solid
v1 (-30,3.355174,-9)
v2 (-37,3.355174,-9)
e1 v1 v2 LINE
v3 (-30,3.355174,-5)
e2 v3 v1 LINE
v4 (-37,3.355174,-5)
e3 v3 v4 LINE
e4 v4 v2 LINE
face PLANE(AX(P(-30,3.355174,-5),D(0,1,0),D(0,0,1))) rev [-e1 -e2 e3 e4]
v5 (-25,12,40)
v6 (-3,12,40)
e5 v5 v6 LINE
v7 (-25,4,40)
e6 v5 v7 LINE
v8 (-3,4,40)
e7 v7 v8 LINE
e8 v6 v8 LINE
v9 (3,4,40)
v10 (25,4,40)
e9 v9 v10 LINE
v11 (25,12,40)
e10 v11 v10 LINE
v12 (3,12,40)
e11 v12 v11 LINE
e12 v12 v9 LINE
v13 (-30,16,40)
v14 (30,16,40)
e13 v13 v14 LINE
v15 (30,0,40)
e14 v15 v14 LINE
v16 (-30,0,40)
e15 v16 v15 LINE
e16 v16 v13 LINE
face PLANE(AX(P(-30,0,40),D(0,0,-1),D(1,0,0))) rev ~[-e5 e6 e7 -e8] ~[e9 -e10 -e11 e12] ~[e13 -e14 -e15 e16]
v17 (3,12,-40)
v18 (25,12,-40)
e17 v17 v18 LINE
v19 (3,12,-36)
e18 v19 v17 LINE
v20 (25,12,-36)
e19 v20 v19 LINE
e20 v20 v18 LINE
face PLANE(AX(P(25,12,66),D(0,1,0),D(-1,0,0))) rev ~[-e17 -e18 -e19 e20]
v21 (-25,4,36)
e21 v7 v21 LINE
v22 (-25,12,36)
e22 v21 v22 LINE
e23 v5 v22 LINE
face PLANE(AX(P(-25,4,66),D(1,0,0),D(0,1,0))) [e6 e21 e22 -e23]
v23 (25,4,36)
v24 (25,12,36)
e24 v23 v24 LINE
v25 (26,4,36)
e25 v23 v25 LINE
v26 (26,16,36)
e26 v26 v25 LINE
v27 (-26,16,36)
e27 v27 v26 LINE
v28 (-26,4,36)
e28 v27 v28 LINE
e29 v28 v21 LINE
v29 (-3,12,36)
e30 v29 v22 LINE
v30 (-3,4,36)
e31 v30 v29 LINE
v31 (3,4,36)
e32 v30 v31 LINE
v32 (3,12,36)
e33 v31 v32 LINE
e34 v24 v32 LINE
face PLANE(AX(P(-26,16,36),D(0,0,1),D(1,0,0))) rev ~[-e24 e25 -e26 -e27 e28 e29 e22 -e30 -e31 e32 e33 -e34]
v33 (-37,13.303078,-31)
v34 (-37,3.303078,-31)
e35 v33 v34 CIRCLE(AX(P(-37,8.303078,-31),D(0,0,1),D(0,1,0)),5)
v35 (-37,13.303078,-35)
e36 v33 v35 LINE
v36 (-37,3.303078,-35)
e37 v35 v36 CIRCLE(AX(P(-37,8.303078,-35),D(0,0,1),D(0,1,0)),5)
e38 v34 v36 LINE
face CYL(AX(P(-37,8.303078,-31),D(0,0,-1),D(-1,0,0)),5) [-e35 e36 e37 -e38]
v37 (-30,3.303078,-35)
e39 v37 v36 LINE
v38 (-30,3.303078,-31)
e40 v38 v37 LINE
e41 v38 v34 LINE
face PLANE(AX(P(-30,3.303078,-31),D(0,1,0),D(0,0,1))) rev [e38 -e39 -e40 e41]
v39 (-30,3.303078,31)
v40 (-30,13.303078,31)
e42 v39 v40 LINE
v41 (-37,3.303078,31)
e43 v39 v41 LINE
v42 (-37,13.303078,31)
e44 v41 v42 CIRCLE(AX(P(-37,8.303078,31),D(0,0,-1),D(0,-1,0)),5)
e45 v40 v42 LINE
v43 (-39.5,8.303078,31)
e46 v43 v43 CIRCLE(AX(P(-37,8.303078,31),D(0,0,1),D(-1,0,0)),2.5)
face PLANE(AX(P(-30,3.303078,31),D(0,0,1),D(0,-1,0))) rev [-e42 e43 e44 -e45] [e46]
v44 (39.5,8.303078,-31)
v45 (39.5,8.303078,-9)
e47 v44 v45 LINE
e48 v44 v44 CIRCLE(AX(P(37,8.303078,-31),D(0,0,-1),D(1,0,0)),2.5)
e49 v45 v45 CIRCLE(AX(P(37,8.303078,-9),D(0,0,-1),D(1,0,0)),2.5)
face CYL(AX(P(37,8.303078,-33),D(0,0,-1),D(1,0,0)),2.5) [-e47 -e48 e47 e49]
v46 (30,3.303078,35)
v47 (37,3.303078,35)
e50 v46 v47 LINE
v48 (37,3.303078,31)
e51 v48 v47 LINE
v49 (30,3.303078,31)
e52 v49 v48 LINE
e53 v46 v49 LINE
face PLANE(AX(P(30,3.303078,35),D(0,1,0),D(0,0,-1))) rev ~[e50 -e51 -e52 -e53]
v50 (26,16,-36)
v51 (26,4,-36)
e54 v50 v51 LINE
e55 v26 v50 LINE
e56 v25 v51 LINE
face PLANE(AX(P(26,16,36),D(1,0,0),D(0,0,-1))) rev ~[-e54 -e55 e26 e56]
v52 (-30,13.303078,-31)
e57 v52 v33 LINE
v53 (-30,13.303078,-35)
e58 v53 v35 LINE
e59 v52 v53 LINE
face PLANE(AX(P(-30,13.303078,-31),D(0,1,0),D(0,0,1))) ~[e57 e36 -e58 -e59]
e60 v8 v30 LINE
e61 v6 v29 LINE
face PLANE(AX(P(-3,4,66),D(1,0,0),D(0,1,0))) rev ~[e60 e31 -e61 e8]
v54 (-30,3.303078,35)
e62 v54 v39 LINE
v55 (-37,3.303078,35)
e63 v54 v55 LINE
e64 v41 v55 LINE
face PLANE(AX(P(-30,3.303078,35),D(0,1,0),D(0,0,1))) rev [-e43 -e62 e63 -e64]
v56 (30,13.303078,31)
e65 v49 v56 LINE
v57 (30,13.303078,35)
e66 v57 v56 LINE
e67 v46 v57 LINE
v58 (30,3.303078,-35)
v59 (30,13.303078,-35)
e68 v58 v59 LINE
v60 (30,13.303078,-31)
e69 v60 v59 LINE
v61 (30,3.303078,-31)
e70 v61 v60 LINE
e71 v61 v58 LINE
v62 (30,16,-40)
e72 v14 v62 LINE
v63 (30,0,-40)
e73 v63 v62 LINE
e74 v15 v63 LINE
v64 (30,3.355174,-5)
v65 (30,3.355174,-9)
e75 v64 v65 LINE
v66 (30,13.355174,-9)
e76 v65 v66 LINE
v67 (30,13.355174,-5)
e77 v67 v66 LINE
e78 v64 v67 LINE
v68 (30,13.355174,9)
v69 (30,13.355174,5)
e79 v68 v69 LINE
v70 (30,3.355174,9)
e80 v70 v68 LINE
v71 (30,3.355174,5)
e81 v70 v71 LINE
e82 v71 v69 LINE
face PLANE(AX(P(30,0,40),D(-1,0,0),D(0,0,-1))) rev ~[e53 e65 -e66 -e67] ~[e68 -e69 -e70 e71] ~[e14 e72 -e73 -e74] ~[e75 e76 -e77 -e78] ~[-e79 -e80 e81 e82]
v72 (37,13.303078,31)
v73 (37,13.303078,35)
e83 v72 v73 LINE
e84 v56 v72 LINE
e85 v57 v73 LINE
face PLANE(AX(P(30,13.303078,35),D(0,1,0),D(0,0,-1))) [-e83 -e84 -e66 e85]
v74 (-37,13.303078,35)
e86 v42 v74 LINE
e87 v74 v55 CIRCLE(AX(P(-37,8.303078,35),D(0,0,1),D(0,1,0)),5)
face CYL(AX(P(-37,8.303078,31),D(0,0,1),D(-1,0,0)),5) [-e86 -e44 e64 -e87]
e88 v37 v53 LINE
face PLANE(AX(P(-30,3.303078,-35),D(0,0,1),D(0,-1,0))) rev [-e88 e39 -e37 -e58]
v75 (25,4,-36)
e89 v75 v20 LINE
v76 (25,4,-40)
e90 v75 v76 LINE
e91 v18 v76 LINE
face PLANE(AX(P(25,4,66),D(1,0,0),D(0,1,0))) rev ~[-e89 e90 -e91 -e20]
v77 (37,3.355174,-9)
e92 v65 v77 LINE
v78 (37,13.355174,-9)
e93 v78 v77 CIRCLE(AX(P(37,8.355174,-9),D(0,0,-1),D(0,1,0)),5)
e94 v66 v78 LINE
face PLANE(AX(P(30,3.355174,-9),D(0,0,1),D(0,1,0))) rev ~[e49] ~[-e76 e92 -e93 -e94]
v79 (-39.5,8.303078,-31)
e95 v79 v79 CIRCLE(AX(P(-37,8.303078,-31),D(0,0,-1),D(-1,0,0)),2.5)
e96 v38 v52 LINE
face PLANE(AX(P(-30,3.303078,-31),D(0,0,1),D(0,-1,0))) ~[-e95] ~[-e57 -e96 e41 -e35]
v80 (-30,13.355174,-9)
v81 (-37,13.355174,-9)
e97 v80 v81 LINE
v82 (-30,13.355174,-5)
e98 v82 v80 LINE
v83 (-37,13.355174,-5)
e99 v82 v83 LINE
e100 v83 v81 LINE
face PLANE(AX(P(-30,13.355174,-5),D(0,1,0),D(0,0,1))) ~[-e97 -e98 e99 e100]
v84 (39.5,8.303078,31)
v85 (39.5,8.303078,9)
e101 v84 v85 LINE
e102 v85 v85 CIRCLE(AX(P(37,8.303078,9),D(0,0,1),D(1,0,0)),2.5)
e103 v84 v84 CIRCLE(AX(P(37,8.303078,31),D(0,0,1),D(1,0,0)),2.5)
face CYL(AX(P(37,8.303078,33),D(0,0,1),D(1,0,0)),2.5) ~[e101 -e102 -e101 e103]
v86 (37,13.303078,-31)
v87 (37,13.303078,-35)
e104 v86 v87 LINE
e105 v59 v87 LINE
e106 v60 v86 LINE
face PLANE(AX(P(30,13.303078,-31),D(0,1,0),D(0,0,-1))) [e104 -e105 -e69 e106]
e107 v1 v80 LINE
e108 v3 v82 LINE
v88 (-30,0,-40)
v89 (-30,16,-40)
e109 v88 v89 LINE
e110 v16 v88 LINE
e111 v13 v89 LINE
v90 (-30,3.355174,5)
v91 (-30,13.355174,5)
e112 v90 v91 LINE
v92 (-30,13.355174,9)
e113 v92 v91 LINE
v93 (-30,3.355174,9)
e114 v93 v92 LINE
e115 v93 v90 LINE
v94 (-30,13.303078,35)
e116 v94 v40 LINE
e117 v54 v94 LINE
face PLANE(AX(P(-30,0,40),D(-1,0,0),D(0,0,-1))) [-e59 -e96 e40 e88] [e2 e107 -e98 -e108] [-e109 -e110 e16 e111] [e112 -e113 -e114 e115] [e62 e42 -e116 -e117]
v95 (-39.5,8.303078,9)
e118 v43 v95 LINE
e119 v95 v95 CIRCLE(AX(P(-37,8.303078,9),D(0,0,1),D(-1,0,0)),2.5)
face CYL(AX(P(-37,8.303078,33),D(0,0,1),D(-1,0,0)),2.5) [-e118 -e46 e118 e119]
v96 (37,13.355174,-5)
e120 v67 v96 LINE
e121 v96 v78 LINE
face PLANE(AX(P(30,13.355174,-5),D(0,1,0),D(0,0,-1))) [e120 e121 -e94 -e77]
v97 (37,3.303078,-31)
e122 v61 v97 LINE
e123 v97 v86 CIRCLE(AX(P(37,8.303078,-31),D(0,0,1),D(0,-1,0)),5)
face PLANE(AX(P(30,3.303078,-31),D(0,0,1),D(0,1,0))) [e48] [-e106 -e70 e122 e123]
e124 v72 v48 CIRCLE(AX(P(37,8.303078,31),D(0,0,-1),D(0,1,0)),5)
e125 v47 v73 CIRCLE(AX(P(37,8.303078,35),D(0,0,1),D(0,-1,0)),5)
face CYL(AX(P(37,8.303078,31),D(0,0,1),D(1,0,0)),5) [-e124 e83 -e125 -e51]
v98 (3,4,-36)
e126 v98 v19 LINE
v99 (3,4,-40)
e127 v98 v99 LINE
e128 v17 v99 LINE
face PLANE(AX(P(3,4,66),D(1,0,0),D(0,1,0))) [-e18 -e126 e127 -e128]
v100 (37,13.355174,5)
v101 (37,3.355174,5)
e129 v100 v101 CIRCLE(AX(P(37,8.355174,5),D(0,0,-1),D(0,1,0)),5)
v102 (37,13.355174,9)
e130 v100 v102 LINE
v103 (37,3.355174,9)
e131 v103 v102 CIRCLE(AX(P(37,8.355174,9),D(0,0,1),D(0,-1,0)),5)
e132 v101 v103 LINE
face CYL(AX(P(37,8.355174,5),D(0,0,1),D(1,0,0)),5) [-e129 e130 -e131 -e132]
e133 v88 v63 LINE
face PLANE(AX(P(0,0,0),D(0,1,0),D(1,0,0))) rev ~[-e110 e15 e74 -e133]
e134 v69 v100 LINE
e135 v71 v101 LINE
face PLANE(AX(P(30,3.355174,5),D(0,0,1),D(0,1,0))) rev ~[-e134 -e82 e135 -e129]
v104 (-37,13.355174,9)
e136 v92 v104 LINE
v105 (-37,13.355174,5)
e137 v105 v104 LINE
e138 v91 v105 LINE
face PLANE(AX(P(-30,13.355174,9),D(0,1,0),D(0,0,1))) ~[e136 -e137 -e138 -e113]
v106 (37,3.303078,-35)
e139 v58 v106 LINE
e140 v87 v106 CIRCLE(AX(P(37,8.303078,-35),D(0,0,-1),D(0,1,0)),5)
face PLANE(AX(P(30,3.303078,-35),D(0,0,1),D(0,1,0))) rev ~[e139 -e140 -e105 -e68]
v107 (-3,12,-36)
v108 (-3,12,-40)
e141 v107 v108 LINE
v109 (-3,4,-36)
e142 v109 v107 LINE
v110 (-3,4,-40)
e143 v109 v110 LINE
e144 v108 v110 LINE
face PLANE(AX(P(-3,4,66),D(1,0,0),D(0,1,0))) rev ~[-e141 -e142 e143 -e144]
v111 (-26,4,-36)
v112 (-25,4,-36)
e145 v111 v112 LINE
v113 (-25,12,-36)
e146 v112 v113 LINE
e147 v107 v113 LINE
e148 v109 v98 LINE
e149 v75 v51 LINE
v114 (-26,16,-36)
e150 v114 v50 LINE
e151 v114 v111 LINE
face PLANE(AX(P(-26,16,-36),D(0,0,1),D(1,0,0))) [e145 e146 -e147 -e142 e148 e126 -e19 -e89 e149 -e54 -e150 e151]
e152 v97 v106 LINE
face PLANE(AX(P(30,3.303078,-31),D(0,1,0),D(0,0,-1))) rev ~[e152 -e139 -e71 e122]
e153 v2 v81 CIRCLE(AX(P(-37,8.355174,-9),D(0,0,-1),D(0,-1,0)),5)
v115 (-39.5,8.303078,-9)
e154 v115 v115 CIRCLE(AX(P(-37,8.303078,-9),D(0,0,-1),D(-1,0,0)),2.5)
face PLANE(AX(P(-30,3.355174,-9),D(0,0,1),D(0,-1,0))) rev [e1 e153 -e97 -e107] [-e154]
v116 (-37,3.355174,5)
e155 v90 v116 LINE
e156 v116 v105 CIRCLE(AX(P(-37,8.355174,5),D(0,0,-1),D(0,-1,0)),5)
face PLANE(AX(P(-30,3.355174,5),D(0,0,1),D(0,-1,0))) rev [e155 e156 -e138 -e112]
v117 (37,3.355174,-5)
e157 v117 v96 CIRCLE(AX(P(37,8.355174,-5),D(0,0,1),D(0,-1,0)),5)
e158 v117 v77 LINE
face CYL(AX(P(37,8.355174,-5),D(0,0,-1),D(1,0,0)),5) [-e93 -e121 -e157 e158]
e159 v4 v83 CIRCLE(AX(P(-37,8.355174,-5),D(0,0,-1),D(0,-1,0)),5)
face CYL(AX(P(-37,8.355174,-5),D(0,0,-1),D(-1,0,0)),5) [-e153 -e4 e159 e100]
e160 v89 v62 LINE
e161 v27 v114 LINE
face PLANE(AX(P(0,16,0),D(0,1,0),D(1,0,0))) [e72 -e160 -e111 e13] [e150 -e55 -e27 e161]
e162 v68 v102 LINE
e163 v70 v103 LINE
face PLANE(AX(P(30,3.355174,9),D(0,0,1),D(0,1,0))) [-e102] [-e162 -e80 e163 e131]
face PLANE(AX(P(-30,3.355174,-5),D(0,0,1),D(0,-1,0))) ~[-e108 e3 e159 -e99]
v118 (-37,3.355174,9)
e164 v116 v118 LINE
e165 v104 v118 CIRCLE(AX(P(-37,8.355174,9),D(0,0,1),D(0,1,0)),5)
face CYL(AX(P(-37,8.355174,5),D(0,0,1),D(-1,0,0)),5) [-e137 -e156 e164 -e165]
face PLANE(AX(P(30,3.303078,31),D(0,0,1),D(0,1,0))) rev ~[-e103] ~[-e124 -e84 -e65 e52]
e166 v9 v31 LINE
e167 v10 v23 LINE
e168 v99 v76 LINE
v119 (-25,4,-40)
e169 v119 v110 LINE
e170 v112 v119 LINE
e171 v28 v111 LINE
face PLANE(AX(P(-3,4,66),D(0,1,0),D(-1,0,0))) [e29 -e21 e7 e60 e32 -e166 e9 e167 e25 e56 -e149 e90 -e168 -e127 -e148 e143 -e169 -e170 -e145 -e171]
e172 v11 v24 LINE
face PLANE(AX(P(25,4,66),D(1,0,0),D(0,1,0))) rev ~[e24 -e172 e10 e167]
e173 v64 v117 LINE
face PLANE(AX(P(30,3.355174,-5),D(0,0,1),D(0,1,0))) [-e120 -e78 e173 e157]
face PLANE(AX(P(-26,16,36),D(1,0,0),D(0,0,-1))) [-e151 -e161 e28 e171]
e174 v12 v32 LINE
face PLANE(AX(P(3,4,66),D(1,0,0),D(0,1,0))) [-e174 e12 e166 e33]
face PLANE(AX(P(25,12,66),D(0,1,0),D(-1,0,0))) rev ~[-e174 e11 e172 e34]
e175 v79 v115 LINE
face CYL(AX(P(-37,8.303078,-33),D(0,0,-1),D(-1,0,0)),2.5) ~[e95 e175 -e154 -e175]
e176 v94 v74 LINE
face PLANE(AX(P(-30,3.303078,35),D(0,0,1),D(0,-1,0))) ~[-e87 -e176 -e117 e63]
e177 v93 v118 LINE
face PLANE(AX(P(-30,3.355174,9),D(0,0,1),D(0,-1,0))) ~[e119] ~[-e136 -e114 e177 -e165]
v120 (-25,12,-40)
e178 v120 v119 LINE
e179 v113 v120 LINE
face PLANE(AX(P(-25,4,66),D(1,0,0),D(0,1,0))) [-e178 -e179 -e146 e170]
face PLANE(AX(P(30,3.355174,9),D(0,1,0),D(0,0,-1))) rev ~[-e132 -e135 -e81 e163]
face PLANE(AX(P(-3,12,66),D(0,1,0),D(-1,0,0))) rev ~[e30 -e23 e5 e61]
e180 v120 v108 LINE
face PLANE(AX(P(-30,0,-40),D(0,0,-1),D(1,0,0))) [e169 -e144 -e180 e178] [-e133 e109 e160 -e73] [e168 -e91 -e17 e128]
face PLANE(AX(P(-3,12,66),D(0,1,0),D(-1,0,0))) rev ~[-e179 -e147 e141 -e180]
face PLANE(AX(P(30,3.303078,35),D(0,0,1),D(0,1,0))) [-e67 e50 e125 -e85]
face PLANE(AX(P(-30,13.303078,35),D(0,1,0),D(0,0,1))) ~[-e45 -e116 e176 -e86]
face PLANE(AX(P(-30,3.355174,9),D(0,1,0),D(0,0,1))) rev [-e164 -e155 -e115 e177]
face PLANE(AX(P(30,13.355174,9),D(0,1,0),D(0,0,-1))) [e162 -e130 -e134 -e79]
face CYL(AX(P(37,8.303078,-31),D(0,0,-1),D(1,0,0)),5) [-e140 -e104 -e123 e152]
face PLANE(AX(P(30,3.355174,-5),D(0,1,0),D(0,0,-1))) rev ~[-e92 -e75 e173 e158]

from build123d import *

# Parameters (mm, degrees)
SKETCH2_W                   = 60
SKETCH2_H                   = 80
BOSS_EXTRUDE2_DEPTH         = 16
SKETCH6_W                   = 52
SKETCH6_H                   = 72
CUT_EXTRUDE1_DEPTH          = 12
CUT_EXTRUDE2_DEPTH          = 16
CUT_EXTRUDE2_DEPTH_BACK     = 106
SKETCH7_W                   = 22
SKETCH7_H                   = 8
SKETCH8_W                   = 4
SKETCH8_H                   = 10
BOSS_EXTRUDE3_DEPTH         = 12
FILLET1_RADIUS              = 5
FILLET1_LENGTH              = 4
FILLET2_RADIUS              = 5
FILLET2_LENGTH              = 4
FILLET3_RADIUS              = 5
FILLET3_LENGTH              = 4
FILLET4_RADIUS              = 5
FILLET4_LENGTH              = 4
BOSS_EXTRUDE4_START         = -2
SKETCH9_R                   = 2.5
BOSS_EXTRUDE4_DEPTH         = 26
MIRROR2_START               = -2
MIRROR2_COPY_1_SKETCH_R     = 2.5
MIRROR2_COPY_1_DEPTH        = 26
FILLET1_OF_MIRROR2_2_RADIUS = 5
FILLET1_OF_MIRROR2_2_LENGTH = 4
FILLET2_OF_MIRROR2_2_RADIUS = 5
FILLET2_OF_MIRROR2_2_LENGTH = 4
FILLET3_OF_MIRROR2_2_RADIUS = 5
FILLET3_OF_MIRROR2_2_LENGTH = 4
FILLET4_OF_MIRROR2_2_RADIUS = 5
FILLET4_OF_MIRROR2_2_LENGTH = 4


with BuildPart() as part:
    # Sketch2 → Boss-Extrude2 (new body)
    with BuildSketch(Plane(origin=(0, 0, 0), x_dir=(1, 0, 0), z_dir=(0, 1, 0))):
        Rectangle(SKETCH2_W, SKETCH2_H)
    extrude(amount=BOSS_EXTRUDE2_DEPTH)

    # Sketch6 → Cut-Extrude1 (cut)
    with BuildSketch(Plane(origin=(0, 16, 0), x_dir=(1, 0, 0), z_dir=(0, 1, 0))):
        Rectangle(SKETCH6_W, SKETCH6_H)
    extrude(amount=-CUT_EXTRUDE1_DEPTH, mode=Mode.SUBTRACT)

    # Sketch7 → Cut-Extrude2 (cut, two sides: drawn at the far end of the back side and taken through both)
    with BuildSketch(Plane(origin=(0, 0, -40), x_dir=(-1, 0, 0), z_dir=(0, 0, -1)).offset(-CUT_EXTRUDE2_DEPTH_BACK)):
        with Locations((-14, 8)):
            Rectangle(SKETCH7_W, SKETCH7_H)
        with Locations((14, 8)):
            Rectangle(SKETCH7_W, SKETCH7_H)
    extrude(amount=CUT_EXTRUDE2_DEPTH + CUT_EXTRUDE2_DEPTH_BACK, mode=Mode.SUBTRACT)

    # Sketch8 → Boss-Extrude3 (add)
    with BuildSketch(Plane(origin=(30, 0, 0), x_dir=(0, 0, -1), z_dir=(1, 0, 0))):
        with Locations((-33, 8.303078398)):
            Rectangle(SKETCH8_W, SKETCH8_H)
        with Locations((-7, 8.355173675)):
            Rectangle(SKETCH8_W, SKETCH8_H)
        with Locations((7, 8.355173675)):
            Rectangle(SKETCH8_W, SKETCH8_H)
        with Locations((33, 8.303078398)):
            Rectangle(SKETCH8_W, SKETCH8_H)
    boss_extrude3 = extrude(amount=BOSS_EXTRUDE3_DEPTH)

    # Fillet1: full round fillet: the end face becomes a half cylinder, R = half its width
    fillet1_face = Plane((42, 8.303078398, 33), x_dir=(0, 0, 1), z_dir=(1, 0, 0))  # on the end face: x along it, z out of the body
    fillet1_slab = fillet1_face.offset(-FILLET1_RADIUS / 2) * Box(FILLET1_LENGTH, 2 * FILLET1_RADIUS, FILLET1_RADIUS, mode=Mode.PRIVATE)  # the body's end, R deep
    fillet1_round = Plane((37, 8.303078398, 33), x_dir=(1, 0, 0), z_dir=(0, 0, 1)) * Cylinder(FILLET1_RADIUS, FILLET1_LENGTH, mode=Mode.PRIVATE)  # its axis R under the face
    add(fillet1_slab - fillet1_round, mode=Mode.SUBTRACT)

    # Fillet2: full round fillet: the end face becomes a half cylinder, R = half its width
    fillet2_face = Plane((42, 8.355173675, 7), x_dir=(0, 0, 1), z_dir=(1, 0, 0))  # on the end face: x along it, z out of the body
    fillet2_slab = fillet2_face.offset(-FILLET2_RADIUS / 2) * Box(FILLET2_LENGTH, 2 * FILLET2_RADIUS, FILLET2_RADIUS, mode=Mode.PRIVATE)  # the body's end, R deep
    fillet2_round = Plane((37, 8.355173675, 7), x_dir=(1, 0, 0), z_dir=(0, 0, 1)) * Cylinder(FILLET2_RADIUS, FILLET2_LENGTH, mode=Mode.PRIVATE)  # its axis R under the face
    add(fillet2_slab - fillet2_round, mode=Mode.SUBTRACT)

    # Fillet3: full round fillet: the end face becomes a half cylinder, R = half its width
    fillet3_face = Plane((42, 8.355173675, -7), x_dir=(0, 0, -1), z_dir=(1, 0, 0))  # on the end face: x along it, z out of the body
    fillet3_slab = fillet3_face.offset(-FILLET3_RADIUS / 2) * Box(FILLET3_LENGTH, 2 * FILLET3_RADIUS, FILLET3_RADIUS, mode=Mode.PRIVATE)  # the body's end, R deep
    fillet3_round = Plane((37, 8.355173675, -7), x_dir=(1, 0, 0), z_dir=(0, 0, -1)) * Cylinder(FILLET3_RADIUS, FILLET3_LENGTH, mode=Mode.PRIVATE)  # its axis R under the face
    add(fillet3_slab - fillet3_round, mode=Mode.SUBTRACT)

    # Fillet4: full round fillet: the end face becomes a half cylinder, R = half its width
    fillet4_face = Plane((42, 8.303078398, -33), x_dir=(0, 0, -1), z_dir=(1, 0, 0))  # on the end face: x along it, z out of the body
    fillet4_slab = fillet4_face.offset(-FILLET4_RADIUS / 2) * Box(FILLET4_LENGTH, 2 * FILLET4_RADIUS, FILLET4_RADIUS, mode=Mode.PRIVATE)  # the body's end, R deep
    fillet4_round = Plane((37, 8.303078398, -33), x_dir=(1, 0, 0), z_dir=(0, 0, -1)) * Cylinder(FILLET4_RADIUS, FILLET4_LENGTH, mode=Mode.PRIVATE)  # its axis R under the face
    add(fillet4_slab - fillet4_round, mode=Mode.SUBTRACT)

    # Sketch9 → Boss-Extrude4 (add)
    with BuildSketch(Plane(origin=(0, 0, 31), x_dir=(-1, 0, 0), z_dir=(0, 0, -1)).offset(BOSS_EXTRUDE4_START)):
        with Locations(Location((-37, 8.303078398, 0), (0, 0, 180))):
            Circle(SKETCH9_R)
    boss_extrude4 = extrude(amount=BOSS_EXTRUDE4_DEPTH)

    # Mirror1: Boss-Extrude4 across plane
    add(boss_extrude4.mirror(Plane(origin=(0, 0, 0), x_dir=(1, 0, 0), z_dir=(0, 0, -1))))

    # Mirror2: Boss-Extrude3, Boss-Extrude4 across plane
    add(boss_extrude3.mirror(Plane(origin=(0, 0, 0), x_dir=(0, 0, 1), z_dir=(1, 0, 0))))
    add(boss_extrude4.mirror(Plane(origin=(0, 0, 0), x_dir=(0, 0, 1), z_dir=(1, 0, 0))))

    # Mirror2 copy 1 sketch → Mirror2 copy 1 (add)
    with BuildSketch(Plane.XY.offset(-31).offset(MIRROR2_START)):
        with Locations(Location((-37, 8.303078398, 0), (0, 0, 180))):
            Circle(MIRROR2_COPY_1_SKETCH_R)
    extrude(amount=MIRROR2_COPY_1_DEPTH)

    # Fillet1 of Mirror2 2: full round fillet: the end face becomes a half cylinder, R = half its width
    fillet1_of_mirror2_2_face = Plane((-42, 8.303078398, 33), x_dir=(0, 0, 1), z_dir=(-1, 0, 0))  # on the end face: x along it, z out of the body
    fillet1_of_mirror2_2_slab = fillet1_of_mirror2_2_face.offset(-FILLET1_OF_MIRROR2_2_RADIUS / 2) * Box(FILLET1_OF_MIRROR2_2_LENGTH, 2 * FILLET1_OF_MIRROR2_2_RADIUS, FILLET1_OF_MIRROR2_2_RADIUS, mode=Mode.PRIVATE)  # the body's end, R deep
    fillet1_of_mirror2_2_round = Plane((-37, 8.303078398, 33), x_dir=(-1, 0, 0), z_dir=(0, 0, 1)) * Cylinder(FILLET1_OF_MIRROR2_2_RADIUS, FILLET1_OF_MIRROR2_2_LENGTH, mode=Mode.PRIVATE)  # its axis R under the face
    add(fillet1_of_mirror2_2_slab - fillet1_of_mirror2_2_round, mode=Mode.SUBTRACT)

    # Fillet2 of Mirror2 2: full round fillet: the end face becomes a half cylinder, R = half its width
    fillet2_of_mirror2_2_face = Plane((-42, 8.355173675, 7), x_dir=(0, 0, 1), z_dir=(-1, 0, 0))  # on the end face: x along it, z out of the body
    fillet2_of_mirror2_2_slab = fillet2_of_mirror2_2_face.offset(-FILLET2_OF_MIRROR2_2_RADIUS / 2) * Box(FILLET2_OF_MIRROR2_2_LENGTH, 2 * FILLET2_OF_MIRROR2_2_RADIUS, FILLET2_OF_MIRROR2_2_RADIUS, mode=Mode.PRIVATE)  # the body's end, R deep
    fillet2_of_mirror2_2_round = Plane((-37, 8.355173675, 7), x_dir=(-1, 0, 0), z_dir=(0, 0, 1)) * Cylinder(FILLET2_OF_MIRROR2_2_RADIUS, FILLET2_OF_MIRROR2_2_LENGTH, mode=Mode.PRIVATE)  # its axis R under the face
    add(fillet2_of_mirror2_2_slab - fillet2_of_mirror2_2_round, mode=Mode.SUBTRACT)

    # Fillet3 of Mirror2 2: full round fillet: the end face becomes a half cylinder, R = half its width
    fillet3_of_mirror2_2_face = Plane((-42, 8.355173675, -7), x_dir=(0, 0, -1), z_dir=(-1, 0, 0))  # on the end face: x along it, z out of the body
    fillet3_of_mirror2_2_slab = fillet3_of_mirror2_2_face.offset(-FILLET3_OF_MIRROR2_2_RADIUS / 2) * Box(FILLET3_OF_MIRROR2_2_LENGTH, 2 * FILLET3_OF_MIRROR2_2_RADIUS, FILLET3_OF_MIRROR2_2_RADIUS, mode=Mode.PRIVATE)  # the body's end, R deep
    fillet3_of_mirror2_2_round = Plane((-37, 8.355173675, -7), x_dir=(-1, 0, 0), z_dir=(0, 0, -1)) * Cylinder(FILLET3_OF_MIRROR2_2_RADIUS, FILLET3_OF_MIRROR2_2_LENGTH, mode=Mode.PRIVATE)  # its axis R under the face
    add(fillet3_of_mirror2_2_slab - fillet3_of_mirror2_2_round, mode=Mode.SUBTRACT)

    # Fillet4 of Mirror2 2: full round fillet: the end face becomes a half cylinder, R = half its width
    fillet4_of_mirror2_2_face = Plane((-42, 8.303078398, -33), x_dir=(0, 0, -1), z_dir=(-1, 0, 0))  # on the end face: x along it, z out of the body
    fillet4_of_mirror2_2_slab = fillet4_of_mirror2_2_face.offset(-FILLET4_OF_MIRROR2_2_RADIUS / 2) * Box(FILLET4_OF_MIRROR2_2_LENGTH, 2 * FILLET4_OF_MIRROR2_2_RADIUS, FILLET4_OF_MIRROR2_2_RADIUS, mode=Mode.PRIVATE)  # the body's end, R deep
    fillet4_of_mirror2_2_round = Plane((-37, 8.303078398, -33), x_dir=(-1, 0, 0), z_dir=(0, 0, -1)) * Cylinder(FILLET4_OF_MIRROR2_2_RADIUS, FILLET4_OF_MIRROR2_2_LENGTH, mode=Mode.PRIVATE)  # its axis R under the face
    add(fillet4_of_mirror2_2_slab - fillet4_of_mirror2_2_round, mode=Mode.SUBTRACT)


solid = part.part
